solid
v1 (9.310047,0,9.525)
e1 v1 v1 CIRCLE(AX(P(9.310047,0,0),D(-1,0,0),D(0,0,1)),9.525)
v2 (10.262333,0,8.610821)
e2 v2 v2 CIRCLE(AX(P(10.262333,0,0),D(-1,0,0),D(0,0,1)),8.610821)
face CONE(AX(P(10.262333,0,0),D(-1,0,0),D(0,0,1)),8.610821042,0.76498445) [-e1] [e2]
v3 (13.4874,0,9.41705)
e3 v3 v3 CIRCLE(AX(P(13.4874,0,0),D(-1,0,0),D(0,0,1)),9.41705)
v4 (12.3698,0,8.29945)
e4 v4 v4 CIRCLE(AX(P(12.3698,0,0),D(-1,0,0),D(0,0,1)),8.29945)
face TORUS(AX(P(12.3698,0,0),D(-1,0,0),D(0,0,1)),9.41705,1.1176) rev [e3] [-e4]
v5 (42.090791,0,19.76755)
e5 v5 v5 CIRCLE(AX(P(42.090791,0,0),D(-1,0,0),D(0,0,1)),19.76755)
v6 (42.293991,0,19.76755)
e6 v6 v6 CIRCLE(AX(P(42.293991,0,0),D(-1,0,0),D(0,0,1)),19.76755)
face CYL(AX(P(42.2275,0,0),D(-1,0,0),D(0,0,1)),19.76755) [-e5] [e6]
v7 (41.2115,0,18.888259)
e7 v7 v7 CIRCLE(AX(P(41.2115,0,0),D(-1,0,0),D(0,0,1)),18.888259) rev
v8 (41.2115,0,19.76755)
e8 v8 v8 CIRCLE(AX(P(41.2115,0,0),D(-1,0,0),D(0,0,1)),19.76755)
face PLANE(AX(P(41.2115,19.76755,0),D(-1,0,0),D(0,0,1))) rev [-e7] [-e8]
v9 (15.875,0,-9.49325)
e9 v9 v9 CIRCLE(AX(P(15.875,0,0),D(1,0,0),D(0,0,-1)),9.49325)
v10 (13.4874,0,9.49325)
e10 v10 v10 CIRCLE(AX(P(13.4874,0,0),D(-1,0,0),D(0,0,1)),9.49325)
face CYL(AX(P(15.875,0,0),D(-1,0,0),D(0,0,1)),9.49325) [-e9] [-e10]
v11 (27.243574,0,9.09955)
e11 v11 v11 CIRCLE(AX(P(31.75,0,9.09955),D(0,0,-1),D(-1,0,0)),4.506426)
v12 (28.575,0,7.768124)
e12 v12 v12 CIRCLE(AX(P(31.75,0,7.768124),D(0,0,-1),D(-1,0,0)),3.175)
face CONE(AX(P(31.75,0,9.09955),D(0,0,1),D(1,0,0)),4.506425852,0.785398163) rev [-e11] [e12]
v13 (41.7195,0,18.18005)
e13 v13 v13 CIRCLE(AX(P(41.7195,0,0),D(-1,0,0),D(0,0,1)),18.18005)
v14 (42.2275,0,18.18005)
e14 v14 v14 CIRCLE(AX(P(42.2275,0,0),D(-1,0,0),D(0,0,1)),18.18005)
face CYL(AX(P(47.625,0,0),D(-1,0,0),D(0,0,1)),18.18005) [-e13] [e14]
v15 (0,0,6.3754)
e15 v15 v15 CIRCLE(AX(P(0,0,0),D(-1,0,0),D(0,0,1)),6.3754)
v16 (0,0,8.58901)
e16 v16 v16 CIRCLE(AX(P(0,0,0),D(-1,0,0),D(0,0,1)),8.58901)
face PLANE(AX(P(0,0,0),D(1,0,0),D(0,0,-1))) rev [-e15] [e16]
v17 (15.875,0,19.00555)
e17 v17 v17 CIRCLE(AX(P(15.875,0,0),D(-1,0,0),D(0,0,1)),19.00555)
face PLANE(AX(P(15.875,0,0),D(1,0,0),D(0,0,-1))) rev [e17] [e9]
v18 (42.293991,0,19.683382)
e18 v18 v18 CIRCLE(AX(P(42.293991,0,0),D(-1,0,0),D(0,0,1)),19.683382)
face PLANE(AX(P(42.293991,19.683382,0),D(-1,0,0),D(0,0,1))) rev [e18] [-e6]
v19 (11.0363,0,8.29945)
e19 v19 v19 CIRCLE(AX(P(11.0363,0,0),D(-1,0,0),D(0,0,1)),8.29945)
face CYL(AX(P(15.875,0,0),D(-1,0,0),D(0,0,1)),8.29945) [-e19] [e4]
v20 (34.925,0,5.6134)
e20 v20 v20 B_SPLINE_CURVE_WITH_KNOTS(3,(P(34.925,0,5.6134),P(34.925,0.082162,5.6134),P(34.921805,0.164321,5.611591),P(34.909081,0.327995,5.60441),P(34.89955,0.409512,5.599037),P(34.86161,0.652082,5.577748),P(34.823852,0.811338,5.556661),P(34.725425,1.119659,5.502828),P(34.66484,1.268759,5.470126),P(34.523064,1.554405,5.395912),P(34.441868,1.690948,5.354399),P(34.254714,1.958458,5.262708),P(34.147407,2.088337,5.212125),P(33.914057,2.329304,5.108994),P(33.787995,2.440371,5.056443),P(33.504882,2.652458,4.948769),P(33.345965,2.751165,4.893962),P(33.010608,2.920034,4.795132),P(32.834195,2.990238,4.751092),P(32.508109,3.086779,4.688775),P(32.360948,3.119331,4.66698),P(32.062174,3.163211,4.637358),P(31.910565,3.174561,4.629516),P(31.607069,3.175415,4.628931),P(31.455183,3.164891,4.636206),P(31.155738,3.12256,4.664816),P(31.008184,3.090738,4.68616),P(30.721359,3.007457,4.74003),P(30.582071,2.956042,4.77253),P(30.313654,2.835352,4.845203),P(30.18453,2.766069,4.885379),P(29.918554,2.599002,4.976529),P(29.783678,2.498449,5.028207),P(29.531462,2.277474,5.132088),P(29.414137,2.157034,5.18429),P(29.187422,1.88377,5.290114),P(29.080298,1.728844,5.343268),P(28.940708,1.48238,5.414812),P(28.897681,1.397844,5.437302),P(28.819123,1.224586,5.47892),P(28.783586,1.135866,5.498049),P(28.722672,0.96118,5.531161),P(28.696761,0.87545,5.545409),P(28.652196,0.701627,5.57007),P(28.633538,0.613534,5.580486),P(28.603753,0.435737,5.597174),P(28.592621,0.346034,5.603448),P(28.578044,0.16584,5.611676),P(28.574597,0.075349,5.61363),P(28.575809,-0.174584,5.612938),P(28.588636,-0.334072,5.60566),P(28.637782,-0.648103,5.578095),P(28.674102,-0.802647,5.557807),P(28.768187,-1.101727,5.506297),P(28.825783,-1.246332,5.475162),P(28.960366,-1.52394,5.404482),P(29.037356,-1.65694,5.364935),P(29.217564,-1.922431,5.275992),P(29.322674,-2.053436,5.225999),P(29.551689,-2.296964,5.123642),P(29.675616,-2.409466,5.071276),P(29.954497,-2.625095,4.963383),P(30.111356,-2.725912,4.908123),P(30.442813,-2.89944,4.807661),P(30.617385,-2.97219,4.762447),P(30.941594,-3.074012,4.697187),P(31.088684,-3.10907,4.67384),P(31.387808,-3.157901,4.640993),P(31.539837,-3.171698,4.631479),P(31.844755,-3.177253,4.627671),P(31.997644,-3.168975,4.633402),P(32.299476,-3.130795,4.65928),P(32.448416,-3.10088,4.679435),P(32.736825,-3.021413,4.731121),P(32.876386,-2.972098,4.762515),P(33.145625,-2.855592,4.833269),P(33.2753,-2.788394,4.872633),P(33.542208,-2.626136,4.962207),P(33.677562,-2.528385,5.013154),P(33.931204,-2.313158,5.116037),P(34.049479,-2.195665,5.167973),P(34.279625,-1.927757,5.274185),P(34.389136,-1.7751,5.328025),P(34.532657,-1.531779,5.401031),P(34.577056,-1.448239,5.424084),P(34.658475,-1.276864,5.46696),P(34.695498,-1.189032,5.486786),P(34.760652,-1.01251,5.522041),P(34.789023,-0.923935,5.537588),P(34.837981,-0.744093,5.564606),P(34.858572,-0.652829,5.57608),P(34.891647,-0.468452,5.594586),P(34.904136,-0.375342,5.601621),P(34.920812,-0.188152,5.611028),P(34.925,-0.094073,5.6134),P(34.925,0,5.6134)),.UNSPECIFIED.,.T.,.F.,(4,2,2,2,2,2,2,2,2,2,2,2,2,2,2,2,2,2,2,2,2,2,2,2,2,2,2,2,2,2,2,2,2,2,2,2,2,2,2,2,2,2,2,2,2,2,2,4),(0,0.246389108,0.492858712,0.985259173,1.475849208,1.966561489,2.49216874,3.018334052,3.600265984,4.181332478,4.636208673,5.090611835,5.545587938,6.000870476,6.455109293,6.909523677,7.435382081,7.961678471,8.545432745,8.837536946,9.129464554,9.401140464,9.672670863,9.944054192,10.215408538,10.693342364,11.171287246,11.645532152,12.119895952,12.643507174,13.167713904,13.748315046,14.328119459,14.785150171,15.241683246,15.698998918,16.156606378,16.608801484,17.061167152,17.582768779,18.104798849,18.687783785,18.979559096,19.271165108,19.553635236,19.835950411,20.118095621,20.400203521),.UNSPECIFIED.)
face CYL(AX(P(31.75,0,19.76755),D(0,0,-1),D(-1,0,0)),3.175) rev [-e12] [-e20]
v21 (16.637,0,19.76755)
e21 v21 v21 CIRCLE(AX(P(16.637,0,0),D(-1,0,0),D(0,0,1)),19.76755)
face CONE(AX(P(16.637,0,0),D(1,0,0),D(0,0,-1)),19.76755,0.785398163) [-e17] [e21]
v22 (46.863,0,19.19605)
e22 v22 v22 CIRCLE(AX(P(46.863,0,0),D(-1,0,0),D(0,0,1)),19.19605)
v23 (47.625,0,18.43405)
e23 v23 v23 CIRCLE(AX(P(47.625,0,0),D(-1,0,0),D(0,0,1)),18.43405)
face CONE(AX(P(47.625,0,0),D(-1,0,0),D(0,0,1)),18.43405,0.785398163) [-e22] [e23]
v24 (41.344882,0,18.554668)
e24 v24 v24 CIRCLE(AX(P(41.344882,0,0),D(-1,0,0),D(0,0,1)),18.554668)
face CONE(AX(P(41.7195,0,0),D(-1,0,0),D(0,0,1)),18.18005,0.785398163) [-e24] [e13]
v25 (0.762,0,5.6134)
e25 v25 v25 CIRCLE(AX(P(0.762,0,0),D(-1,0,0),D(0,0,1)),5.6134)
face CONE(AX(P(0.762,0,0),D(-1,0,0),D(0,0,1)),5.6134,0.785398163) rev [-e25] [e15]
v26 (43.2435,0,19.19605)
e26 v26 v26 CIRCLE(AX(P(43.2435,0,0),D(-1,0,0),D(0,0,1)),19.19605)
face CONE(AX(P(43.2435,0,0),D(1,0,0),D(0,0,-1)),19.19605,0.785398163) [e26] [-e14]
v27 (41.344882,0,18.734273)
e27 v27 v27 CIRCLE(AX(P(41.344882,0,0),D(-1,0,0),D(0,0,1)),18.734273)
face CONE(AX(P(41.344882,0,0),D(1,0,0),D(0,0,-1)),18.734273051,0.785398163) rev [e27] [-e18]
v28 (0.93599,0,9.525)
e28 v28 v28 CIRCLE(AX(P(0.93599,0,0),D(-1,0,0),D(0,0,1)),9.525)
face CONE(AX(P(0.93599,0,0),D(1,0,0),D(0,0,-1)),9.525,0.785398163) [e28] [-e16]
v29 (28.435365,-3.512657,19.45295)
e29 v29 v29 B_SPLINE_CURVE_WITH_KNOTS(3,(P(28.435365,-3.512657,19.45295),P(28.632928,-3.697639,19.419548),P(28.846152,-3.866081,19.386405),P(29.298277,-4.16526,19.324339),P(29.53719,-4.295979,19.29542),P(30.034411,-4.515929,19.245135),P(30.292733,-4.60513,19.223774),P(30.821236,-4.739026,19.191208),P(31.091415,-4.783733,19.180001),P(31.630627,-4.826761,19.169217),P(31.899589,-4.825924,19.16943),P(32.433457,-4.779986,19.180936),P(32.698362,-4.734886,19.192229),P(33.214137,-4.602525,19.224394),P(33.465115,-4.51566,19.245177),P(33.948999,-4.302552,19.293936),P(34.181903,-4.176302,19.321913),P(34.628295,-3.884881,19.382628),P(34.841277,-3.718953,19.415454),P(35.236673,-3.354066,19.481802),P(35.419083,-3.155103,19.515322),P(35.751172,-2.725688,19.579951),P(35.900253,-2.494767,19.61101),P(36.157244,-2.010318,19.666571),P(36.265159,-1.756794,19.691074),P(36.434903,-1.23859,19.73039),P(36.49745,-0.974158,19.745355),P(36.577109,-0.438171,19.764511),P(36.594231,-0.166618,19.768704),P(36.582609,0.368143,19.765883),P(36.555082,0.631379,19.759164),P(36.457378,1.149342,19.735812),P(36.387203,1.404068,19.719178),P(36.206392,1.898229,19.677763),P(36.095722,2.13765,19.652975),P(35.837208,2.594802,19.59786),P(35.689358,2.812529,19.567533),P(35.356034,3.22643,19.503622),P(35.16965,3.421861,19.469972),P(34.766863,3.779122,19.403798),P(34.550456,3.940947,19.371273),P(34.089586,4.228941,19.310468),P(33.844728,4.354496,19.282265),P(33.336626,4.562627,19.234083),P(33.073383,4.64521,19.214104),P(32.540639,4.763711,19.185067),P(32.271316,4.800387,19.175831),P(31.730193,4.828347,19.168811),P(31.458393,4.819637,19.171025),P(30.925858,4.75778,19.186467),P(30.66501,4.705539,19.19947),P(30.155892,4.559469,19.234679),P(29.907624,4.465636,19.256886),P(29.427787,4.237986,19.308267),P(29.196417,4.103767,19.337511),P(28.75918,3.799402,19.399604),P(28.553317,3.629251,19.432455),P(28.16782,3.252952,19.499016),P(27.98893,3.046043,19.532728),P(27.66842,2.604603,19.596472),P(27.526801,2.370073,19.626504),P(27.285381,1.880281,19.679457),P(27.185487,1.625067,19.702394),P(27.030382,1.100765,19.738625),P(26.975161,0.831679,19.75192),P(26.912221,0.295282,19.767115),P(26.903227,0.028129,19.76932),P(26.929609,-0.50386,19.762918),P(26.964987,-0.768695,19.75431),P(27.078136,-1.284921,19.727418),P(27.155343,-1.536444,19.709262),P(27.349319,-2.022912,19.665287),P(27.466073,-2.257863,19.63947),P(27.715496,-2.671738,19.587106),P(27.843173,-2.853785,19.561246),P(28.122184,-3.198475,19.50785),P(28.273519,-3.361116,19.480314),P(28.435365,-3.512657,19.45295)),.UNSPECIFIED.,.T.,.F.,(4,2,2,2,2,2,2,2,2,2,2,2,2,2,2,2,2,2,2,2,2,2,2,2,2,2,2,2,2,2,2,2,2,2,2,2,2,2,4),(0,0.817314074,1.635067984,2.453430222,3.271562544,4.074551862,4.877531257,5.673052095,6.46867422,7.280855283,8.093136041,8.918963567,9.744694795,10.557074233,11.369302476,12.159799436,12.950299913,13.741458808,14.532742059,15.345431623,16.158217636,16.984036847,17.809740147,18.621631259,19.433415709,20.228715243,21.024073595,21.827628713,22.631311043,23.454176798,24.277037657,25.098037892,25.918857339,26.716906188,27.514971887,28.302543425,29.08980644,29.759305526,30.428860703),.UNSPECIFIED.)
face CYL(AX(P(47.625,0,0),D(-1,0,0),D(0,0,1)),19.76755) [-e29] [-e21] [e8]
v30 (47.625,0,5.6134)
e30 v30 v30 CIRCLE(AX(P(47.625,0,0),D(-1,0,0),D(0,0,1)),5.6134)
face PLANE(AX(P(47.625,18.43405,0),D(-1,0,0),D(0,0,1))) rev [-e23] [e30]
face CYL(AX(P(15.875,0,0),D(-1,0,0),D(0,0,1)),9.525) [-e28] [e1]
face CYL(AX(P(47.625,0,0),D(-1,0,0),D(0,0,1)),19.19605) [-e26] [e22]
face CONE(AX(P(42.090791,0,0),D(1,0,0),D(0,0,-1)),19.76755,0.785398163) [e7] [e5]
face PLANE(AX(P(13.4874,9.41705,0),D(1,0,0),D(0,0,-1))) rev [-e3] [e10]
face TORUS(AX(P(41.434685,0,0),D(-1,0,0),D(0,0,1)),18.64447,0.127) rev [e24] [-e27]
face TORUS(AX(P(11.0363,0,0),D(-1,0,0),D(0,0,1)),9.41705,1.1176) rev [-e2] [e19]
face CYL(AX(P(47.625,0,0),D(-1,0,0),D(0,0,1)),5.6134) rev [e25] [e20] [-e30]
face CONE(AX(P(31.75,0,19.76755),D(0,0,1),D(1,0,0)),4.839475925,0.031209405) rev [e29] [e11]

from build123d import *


with BuildPart() as part:
    # Sketch1 → Revolve1 (revolve)
    with BuildSketch(Plane.XY):
        with BuildLine():
            Line((0, 0), (0, 8.58901))
            Line((0, 8.58901), (0.93599, 9.525))
            Line((0.93599, 9.525), (9.310047461, 9.525))
            Line((9.310047461, 9.525), (10.262333187, 8.610821042))
            ThreePointArc((10.262333187, 8.610821042), (10.619173954, 8.380210754), (11.0363, 8.29945))
            Line((11.0363, 8.29945), (12.3698, 8.29945))
            ThreePointArc((12.3698, 8.29945), (13.160062539, 8.626787461), (13.4874, 9.41705))
            Line((13.4874, 9.41705), (13.4874, 9.49325))
            Line((13.4874, 9.49325), (15.875, 9.49325))
            Line((15.875, 9.49325), (15.875, 0))
            Line((15.875, 0), (0, 0))
        make_face()
    revolve(axis=Axis((15.875, 0, 0), (-1, 0, 0)))

    # Sketch2 → Revolve2 (revolve)
    with BuildSketch(Plane.XY):
        Polygon((15.875, 0), (15.875, 19.00555), (16.637, 19.76755), (41.2115, 19.76755), (41.2115, 18.18005), (42.2275, 18.18005), (43.2435, 19.19605), (46.863, 19.19605), (47.625, 18.43405), (47.625, 0), align=None)
    revolve(axis=Axis((47.625, 0, 0), (-1, 0, 0)))

    # Sketch3 → Cut-Revolve1 (revolve, cut)
    with BuildSketch(Plane.XY):
        Polygon((0, 0), (0, 6.3754), (0.762, 5.6134), (47.625, 5.6134), (47.625, 0), align=None)
    revolve(axis=Axis((47.625, 0, 0), (-1, 0, 0)), mode=Mode.SUBTRACT)

    # Sketch4 → Cut-Revolve2 (revolve, cut)
    with BuildSketch(Plane(origin=(0, 0, 0), x_dir=(1, 0, 0), z_dir=(0, 1, 0))):
        Polygon((31.75, 0), (34.925, 0), (34.925, -7.768124148), (36.256425852, -9.09955), (36.589475925, -19.76755), (31.75, -19.76755), align=None)
    revolve(axis=Axis((31.75, 0, 19.76755), (0, 0, -1)), mode=Mode.SUBTRACT)

    # Sketch5 → Revolve3 (revolve)
    with BuildSketch(Plane.XY):
        with BuildLine():
            Line((41.2115, 18.888259175), (41.2115, 17.92605))
            Line((41.2115, 17.92605), (42.2275, 17.92605))
            Line((42.2275, 17.92605), (42.2275, 18.18005))
            Line((42.2275, 18.18005), (41.7195, 18.18005))
            Line((41.7195, 18.18005), (41.344882072, 18.554667928))
            ThreePointArc((41.344882072, 18.554667928), (41.307684633, 18.64447049), (41.344882072, 18.734273051))
            Line((41.344882072, 18.734273051), (42.293990825, 19.683381804))
            Line((42.293990825, 19.683381804), (42.293990825, 19.76755))
            Line((42.293990825, 19.76755), (42.090790825, 19.76755))
            Line((42.090790825, 19.76755), (41.2115, 18.888259175))
        make_face()
    revolve(axis=Axis((42.2275, 0, 0), (-1, 0, 0)))


solid = part.part
